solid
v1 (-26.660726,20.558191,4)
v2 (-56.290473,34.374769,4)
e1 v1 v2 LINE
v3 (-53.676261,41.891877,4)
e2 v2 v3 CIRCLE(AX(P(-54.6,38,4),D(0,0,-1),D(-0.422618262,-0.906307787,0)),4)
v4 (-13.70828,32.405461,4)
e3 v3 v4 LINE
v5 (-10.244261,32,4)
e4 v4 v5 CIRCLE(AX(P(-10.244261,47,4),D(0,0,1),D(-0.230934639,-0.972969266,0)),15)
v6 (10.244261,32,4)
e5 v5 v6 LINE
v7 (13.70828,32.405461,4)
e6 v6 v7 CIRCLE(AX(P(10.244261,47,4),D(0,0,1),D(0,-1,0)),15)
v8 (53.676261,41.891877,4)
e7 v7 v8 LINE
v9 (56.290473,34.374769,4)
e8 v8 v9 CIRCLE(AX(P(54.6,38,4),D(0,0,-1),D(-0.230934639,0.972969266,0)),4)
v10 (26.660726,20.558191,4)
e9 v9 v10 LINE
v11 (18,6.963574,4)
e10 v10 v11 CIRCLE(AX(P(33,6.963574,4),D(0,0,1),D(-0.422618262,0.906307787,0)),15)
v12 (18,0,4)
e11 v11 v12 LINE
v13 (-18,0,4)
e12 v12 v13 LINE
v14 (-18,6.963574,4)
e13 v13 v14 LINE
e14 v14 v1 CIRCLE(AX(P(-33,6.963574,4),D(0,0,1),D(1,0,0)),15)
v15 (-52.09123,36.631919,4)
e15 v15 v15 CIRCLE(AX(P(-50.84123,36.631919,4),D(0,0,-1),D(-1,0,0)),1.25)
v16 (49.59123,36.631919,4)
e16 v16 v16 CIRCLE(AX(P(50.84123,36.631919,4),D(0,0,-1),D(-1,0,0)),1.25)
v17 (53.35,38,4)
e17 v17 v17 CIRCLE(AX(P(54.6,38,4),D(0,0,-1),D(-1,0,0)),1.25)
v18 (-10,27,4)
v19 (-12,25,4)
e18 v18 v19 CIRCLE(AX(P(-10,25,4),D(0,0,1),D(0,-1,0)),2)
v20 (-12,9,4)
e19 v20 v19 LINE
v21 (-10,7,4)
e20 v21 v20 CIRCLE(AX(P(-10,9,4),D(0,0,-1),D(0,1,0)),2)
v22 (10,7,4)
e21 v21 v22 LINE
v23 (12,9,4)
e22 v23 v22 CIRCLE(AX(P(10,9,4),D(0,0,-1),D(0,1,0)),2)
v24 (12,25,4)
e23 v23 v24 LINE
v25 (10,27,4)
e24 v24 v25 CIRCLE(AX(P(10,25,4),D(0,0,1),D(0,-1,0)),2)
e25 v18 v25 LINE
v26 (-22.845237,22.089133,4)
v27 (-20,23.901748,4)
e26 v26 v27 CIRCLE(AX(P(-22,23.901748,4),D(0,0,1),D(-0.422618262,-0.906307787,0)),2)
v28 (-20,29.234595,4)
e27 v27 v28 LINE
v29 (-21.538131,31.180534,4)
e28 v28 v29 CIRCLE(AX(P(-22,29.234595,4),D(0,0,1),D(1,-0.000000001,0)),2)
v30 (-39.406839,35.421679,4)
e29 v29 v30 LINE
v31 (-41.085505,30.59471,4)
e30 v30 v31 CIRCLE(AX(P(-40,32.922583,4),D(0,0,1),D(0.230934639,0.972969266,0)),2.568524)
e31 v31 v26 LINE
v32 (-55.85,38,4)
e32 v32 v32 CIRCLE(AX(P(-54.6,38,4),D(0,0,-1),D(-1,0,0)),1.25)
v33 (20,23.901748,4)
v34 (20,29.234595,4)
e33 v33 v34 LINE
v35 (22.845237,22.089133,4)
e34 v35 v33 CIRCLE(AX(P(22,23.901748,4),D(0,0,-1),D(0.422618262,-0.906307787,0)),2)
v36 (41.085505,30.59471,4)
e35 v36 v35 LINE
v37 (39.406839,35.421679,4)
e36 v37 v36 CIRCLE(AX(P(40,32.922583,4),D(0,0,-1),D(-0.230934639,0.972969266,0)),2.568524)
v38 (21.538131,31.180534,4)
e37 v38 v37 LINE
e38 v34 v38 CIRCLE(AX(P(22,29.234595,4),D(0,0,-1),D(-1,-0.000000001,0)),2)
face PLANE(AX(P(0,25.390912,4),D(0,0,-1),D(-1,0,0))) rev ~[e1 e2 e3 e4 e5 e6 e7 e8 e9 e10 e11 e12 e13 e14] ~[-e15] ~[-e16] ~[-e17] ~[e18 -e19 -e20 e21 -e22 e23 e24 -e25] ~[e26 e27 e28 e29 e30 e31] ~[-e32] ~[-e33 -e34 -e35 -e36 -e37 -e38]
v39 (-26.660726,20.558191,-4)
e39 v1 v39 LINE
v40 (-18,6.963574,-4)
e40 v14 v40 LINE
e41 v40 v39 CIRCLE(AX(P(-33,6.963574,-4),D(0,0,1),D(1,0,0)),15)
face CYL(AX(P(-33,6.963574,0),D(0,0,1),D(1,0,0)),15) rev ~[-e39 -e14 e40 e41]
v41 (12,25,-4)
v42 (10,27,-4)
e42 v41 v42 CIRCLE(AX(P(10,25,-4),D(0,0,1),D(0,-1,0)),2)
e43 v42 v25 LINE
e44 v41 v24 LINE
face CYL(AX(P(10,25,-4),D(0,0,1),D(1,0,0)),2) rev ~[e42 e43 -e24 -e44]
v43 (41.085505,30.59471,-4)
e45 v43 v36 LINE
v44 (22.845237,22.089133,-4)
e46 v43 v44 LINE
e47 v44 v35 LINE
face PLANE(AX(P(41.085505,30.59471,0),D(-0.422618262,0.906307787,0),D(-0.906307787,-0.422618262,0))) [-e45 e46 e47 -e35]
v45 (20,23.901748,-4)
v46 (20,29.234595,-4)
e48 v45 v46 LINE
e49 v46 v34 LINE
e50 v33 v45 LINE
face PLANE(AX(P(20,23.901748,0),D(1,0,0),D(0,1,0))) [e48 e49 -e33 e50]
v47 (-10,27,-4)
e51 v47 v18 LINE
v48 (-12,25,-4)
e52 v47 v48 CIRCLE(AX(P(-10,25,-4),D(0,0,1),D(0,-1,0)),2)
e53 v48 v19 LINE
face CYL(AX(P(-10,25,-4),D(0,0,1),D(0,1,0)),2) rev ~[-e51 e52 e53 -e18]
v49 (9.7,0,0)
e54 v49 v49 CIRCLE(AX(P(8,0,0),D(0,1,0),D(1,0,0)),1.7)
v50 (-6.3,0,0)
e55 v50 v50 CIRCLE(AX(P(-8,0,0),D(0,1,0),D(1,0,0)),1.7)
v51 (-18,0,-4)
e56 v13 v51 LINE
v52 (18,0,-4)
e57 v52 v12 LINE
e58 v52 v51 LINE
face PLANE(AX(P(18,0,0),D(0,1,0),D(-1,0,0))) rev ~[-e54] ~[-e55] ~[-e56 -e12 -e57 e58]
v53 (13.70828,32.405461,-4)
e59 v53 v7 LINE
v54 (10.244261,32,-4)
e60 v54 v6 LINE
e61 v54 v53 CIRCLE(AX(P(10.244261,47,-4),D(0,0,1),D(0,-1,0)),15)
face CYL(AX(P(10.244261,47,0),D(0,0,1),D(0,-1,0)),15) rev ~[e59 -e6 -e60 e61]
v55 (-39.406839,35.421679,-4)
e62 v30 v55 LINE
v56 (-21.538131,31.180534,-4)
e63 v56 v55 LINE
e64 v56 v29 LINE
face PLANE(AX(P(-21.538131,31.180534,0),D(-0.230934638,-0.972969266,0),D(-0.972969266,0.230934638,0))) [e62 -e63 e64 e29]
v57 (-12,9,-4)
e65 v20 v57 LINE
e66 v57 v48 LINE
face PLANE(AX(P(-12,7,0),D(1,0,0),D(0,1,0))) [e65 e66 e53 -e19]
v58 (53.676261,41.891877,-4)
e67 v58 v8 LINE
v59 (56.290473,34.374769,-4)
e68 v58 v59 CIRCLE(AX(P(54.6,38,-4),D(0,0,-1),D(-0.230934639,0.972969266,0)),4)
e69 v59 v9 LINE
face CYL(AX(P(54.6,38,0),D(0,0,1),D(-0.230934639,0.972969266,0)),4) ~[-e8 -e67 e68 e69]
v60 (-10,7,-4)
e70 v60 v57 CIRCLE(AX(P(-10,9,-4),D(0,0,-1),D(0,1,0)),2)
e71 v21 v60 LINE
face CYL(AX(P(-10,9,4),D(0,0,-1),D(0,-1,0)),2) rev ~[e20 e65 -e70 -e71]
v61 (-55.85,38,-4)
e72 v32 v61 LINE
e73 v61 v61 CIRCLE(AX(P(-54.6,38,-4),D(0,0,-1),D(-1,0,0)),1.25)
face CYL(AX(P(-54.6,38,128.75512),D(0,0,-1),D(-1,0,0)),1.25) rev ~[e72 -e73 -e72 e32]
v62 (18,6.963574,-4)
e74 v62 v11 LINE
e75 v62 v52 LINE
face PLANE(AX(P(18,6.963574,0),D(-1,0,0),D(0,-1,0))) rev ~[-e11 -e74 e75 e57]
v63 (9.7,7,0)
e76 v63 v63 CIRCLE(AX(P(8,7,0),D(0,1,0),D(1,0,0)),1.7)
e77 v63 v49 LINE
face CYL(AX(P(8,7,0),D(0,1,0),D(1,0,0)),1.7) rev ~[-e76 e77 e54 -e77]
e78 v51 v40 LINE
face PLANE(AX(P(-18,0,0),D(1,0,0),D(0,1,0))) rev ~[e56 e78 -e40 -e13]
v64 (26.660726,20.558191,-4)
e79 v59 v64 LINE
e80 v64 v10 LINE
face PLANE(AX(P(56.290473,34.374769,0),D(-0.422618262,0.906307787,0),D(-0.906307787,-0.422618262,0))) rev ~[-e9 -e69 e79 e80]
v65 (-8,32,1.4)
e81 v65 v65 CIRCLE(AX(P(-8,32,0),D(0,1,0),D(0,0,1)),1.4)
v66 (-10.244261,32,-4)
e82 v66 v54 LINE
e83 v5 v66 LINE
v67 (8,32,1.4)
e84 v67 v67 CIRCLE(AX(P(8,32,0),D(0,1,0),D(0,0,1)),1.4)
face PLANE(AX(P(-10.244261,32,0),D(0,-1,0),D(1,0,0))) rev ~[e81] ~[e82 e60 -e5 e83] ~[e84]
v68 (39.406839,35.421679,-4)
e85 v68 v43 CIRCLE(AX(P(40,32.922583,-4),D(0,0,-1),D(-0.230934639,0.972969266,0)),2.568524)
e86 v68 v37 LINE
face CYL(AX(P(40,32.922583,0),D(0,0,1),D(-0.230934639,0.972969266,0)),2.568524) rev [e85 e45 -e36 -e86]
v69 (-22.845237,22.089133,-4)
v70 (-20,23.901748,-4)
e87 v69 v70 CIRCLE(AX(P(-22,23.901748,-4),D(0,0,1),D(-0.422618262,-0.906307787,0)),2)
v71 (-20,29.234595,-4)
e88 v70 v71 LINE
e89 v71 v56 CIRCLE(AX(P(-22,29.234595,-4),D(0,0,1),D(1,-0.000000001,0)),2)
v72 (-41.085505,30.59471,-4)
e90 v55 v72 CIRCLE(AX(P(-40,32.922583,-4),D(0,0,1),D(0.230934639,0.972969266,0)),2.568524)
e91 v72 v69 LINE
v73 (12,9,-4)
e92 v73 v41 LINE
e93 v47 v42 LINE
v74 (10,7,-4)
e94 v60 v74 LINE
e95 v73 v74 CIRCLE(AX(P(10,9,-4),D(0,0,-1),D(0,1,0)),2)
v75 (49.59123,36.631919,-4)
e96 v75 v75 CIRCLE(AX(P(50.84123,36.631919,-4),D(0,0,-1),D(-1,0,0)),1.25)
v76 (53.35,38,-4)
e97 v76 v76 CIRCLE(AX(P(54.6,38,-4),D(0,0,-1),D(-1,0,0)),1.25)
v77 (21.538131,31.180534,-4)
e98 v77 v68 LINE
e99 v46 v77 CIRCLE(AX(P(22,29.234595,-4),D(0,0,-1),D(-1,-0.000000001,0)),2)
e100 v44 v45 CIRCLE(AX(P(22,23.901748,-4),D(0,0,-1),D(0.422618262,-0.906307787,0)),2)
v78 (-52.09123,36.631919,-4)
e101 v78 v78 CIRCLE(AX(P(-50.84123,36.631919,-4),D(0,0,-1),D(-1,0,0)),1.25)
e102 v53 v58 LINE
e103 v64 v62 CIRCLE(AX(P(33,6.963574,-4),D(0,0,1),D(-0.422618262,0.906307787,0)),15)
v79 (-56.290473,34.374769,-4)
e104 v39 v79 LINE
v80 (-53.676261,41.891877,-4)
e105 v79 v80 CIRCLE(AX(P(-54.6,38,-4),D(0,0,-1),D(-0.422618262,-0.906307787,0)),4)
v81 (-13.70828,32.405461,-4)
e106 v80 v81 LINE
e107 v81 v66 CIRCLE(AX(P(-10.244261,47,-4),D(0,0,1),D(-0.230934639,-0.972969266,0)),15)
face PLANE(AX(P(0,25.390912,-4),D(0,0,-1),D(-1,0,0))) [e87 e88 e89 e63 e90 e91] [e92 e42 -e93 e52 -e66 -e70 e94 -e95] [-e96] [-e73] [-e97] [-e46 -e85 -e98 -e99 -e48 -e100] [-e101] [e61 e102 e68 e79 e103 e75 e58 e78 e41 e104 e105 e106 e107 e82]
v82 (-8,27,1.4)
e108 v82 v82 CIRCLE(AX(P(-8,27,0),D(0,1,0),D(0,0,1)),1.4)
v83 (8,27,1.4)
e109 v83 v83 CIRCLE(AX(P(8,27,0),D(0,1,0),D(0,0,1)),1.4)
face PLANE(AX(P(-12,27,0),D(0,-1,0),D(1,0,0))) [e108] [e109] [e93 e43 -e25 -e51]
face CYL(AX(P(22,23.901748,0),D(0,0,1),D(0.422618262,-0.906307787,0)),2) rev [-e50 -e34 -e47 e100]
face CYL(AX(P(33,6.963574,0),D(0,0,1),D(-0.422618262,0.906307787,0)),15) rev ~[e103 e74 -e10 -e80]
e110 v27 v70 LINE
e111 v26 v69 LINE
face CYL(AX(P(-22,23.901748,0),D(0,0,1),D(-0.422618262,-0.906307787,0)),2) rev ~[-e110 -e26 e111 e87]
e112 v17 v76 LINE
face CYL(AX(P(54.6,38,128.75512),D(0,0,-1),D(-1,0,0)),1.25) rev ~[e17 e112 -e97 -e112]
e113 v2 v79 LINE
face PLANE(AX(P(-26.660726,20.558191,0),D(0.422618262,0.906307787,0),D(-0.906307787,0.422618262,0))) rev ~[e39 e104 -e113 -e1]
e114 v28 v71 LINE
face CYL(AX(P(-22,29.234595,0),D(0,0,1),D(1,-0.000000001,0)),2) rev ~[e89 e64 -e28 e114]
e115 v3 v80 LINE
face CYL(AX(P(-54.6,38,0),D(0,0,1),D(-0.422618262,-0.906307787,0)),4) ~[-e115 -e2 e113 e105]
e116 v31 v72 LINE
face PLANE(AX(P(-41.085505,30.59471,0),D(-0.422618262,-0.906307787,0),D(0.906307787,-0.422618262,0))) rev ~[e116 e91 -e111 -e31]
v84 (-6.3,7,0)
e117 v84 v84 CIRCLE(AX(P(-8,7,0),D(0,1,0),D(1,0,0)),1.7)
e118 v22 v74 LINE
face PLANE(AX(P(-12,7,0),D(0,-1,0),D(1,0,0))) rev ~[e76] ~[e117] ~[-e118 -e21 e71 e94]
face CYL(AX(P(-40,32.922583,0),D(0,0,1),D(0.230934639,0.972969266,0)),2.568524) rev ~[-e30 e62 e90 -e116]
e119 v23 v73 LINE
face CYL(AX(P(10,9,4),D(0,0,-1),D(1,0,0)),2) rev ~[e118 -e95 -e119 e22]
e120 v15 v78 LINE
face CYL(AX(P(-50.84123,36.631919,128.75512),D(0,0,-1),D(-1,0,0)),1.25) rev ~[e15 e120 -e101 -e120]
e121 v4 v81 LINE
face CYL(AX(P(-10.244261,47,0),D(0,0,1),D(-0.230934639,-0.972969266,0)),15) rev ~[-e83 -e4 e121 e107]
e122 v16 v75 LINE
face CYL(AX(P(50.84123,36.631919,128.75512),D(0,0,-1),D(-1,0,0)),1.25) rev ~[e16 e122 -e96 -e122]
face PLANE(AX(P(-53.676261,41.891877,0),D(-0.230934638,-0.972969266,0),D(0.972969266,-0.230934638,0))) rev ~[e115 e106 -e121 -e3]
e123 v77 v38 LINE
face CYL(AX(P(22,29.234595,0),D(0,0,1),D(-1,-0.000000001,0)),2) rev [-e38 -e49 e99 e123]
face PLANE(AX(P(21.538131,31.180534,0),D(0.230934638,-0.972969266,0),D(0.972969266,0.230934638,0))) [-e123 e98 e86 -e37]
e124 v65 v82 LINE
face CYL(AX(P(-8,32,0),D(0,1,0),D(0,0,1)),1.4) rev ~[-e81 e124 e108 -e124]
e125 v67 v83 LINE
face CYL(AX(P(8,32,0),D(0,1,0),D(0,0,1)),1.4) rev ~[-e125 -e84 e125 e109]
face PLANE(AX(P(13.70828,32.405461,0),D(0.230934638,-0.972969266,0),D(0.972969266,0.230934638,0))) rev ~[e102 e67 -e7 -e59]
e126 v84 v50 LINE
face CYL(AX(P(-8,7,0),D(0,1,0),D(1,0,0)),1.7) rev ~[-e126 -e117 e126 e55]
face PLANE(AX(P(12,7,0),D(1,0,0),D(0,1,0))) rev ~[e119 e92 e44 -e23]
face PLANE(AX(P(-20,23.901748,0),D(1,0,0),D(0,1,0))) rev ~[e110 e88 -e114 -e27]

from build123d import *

# Parameters (mm, degrees)
SKETCH2_R                   = 0.5
SKETCH2_W                   = 24
SKETCH2_H                   = 20
BASE_DEPTH                  = 4
FILLET1_R                   = 2
M3_CLEARANCE_HOLE1_REACH    = 70.374
M3_CLEARANCE_HOLE1_BORE_R   = 1.7
TAP_DRILL_FOR_M3X0_5_TAP1_D = 2.5
SKETCH10_R                  = 1.4
CUT_EXTRUDE1_DEPTH          = 10


with BuildPart() as part:
    # Sketch2 → Base (new, symmetric)
    with BuildSketch(Plane.XY):
        with BuildLine():
            Line((18, 0), (-18, 0))
            Line((-18, 0), (-18, 6.963574124))
            ThreePointArc((-18, 6.963574124), (-20.349128313, 15.023068249), (-26.660726074, 20.558190929))
            Line((-26.660726074, 20.558190929), (-56.290473047, 34.374768852))
            ThreePointArc((-56.290473047, 34.374768852), (-58.378054978, 39.313887584), (-53.676261446, 41.891877064))
            Line((-53.676261446, 41.891877064), (-13.708280328, 32.405461008))
            ThreePointArc((-13.708280328, 32.405461008), (-11.988094908, 32.101710083), (-10.244260752, 32))
            Line((-10.244260752, 32), (10.244260752, 32))
            ThreePointArc((10.244260752, 32), (11.988094908, 32.101710083), (13.708280328, 32.405461008))
            Line((13.708280328, 32.405461008), (53.676261446, 41.891877064))
            ThreePointArc((53.676261446, 41.891877064), (58.378054978, 39.313887584), (56.290473047, 34.374768852))
            Line((56.290473047, 34.374768852), (26.660726074, 20.558190929))
            ThreePointArc((26.660726074, 20.558190929), (20.349128313, 15.023068249), (18, 6.963574124))
            Line((18, 6.963574124), (18, 0))
        make_face()
        with Locations((-54.6, 38)):
            Circle(SKETCH2_R, mode=Mode.SUBTRACT)
        with Locations(Location((54.6, 38, 0), (0, 0, 180))):
            Circle(SKETCH2_R, mode=Mode.SUBTRACT)
        with Locations((-50.841229517, 36.631919427)):
            Circle(SKETCH2_R, mode=Mode.SUBTRACT)
        with Locations(Location((50.841229517, 36.631919427, 0), (0, 0, 180))):
            Circle(SKETCH2_R, mode=Mode.SUBTRACT)
        with Locations((0, 17)):
            Rectangle(SKETCH2_W, SKETCH2_H, mode=Mode.SUBTRACT)
        with BuildLine():
            Line((-20, 23.901748263), (-20, 29.23459547))
            ThreePointArc((-20, 29.23459547), (-20.430965495, 30.474809453), (-21.538130723, 31.180534002))
            Line((-21.538130723, 31.180534002), (-39.406838724, 35.421678882))
            ThreePointArc((-39.406838724, 35.421678882), (-42.426006691, 33.766271599), (-41.085505358, 30.594709734))
            Line((-41.085505358, 30.594709734), (-22.845236523, 22.089132689))
            ThreePointArc((-22.845236523, 22.089132689), (-20.925400783, 22.214965371), (-20, 23.901748263))
        make_face(mode=Mode.SUBTRACT)
        with BuildLine():
            Line((20, 23.901748263), (20, 29.23459547))
            ThreePointArc((20, 29.23459547), (20.430965495, 30.474809453), (21.538130723, 31.180534002))
            Line((21.538130723, 31.180534002), (39.406838724, 35.421678882))
            ThreePointArc((39.406838724, 35.421678882), (42.426006691, 33.766271599), (41.085505358, 30.594709734))
            Line((41.085505358, 30.594709734), (22.845236523, 22.089132689))
            ThreePointArc((22.845236523, 22.089132689), (20.925400783, 22.214965371), (20, 23.901748263))
        make_face(mode=Mode.SUBTRACT)
    extrude(amount=BASE_DEPTH, both=True)

    # Fillet1
    fillet1_edges = [part.edges().sort_by_distance(p)[0] for p in [
        (-12, 27, 0),
        (-12, 7, 0),
        (12, 7, 0),
        (12, 27, 0),
    ]]
    fillet(fillet1_edges, radius=FILLET1_R)

    # M3 Clearance Hole1 bore → M3 Clearance Hole1 (cut, up to next)
    with BuildSketch(Plane(origin=(0, 7, 0), x_dir=(1, 0, 0), z_dir=(0, 1, 0)), mode=Mode.PRIVATE) as m3_clearance_hole1_sk1:
        with Locations((-8, 0)):
            Circle(M3_CLEARANCE_HOLE1_BORE_R)
    m3_clearance_hole1_tool1 = extrude(m3_clearance_hole1_sk1.sketch, amount=-M3_CLEARANCE_HOLE1_REACH, mode=Mode.PRIVATE) & part.part
    # M3 Clearance Hole1 bore → M3 Clearance Hole1 (cut, up to next)
    with BuildSketch(Plane(origin=(0, 7, 0), x_dir=(1, 0, 0), z_dir=(0, 1, 0)), mode=Mode.PRIVATE) as m3_clearance_hole1_sk2:
        with Locations((8, 0)):
            Circle(M3_CLEARANCE_HOLE1_BORE_R)
    m3_clearance_hole1_tool2 = extrude(m3_clearance_hole1_sk2.sketch, amount=-M3_CLEARANCE_HOLE1_REACH, mode=Mode.PRIVATE) & part.part
    add(m3_clearance_hole1_tool1.solids().sort_by_distance((-8, 7, 0))[0], mode=Mode.SUBTRACT)
    add(m3_clearance_hole1_tool2.solids().sort_by_distance((8, 7, 0))[0], mode=Mode.SUBTRACT)

    # Tap Drill for M3x0.5 Tap1 (through all)
    with Locations(Plane.XY.offset(4)):
        with Locations((-54.6, 38), (54.6, 38), (-50.841229517, 36.631919427), (50.841229517, 36.631919427)):
            Hole(TAP_DRILL_FOR_M3X0_5_TAP1_D / 2)

    # Sketch10 → Cut-Extrude1 (cut)
    with BuildSketch(Plane(origin=(0, 32, 0), x_dir=(1, 0, 0), z_dir=(0, 1, 0))):
        with Locations(Location((-8, 0, 0), (0, 0, 270))):
            Circle(SKETCH10_R)
        with Locations(Location((8, 0, 0), (0, 0, 270))):
            Circle(SKETCH10_R)
    extrude(amount=-CUT_EXTRUDE1_DEPTH, mode=Mode.SUBTRACT)


solid = part.part
